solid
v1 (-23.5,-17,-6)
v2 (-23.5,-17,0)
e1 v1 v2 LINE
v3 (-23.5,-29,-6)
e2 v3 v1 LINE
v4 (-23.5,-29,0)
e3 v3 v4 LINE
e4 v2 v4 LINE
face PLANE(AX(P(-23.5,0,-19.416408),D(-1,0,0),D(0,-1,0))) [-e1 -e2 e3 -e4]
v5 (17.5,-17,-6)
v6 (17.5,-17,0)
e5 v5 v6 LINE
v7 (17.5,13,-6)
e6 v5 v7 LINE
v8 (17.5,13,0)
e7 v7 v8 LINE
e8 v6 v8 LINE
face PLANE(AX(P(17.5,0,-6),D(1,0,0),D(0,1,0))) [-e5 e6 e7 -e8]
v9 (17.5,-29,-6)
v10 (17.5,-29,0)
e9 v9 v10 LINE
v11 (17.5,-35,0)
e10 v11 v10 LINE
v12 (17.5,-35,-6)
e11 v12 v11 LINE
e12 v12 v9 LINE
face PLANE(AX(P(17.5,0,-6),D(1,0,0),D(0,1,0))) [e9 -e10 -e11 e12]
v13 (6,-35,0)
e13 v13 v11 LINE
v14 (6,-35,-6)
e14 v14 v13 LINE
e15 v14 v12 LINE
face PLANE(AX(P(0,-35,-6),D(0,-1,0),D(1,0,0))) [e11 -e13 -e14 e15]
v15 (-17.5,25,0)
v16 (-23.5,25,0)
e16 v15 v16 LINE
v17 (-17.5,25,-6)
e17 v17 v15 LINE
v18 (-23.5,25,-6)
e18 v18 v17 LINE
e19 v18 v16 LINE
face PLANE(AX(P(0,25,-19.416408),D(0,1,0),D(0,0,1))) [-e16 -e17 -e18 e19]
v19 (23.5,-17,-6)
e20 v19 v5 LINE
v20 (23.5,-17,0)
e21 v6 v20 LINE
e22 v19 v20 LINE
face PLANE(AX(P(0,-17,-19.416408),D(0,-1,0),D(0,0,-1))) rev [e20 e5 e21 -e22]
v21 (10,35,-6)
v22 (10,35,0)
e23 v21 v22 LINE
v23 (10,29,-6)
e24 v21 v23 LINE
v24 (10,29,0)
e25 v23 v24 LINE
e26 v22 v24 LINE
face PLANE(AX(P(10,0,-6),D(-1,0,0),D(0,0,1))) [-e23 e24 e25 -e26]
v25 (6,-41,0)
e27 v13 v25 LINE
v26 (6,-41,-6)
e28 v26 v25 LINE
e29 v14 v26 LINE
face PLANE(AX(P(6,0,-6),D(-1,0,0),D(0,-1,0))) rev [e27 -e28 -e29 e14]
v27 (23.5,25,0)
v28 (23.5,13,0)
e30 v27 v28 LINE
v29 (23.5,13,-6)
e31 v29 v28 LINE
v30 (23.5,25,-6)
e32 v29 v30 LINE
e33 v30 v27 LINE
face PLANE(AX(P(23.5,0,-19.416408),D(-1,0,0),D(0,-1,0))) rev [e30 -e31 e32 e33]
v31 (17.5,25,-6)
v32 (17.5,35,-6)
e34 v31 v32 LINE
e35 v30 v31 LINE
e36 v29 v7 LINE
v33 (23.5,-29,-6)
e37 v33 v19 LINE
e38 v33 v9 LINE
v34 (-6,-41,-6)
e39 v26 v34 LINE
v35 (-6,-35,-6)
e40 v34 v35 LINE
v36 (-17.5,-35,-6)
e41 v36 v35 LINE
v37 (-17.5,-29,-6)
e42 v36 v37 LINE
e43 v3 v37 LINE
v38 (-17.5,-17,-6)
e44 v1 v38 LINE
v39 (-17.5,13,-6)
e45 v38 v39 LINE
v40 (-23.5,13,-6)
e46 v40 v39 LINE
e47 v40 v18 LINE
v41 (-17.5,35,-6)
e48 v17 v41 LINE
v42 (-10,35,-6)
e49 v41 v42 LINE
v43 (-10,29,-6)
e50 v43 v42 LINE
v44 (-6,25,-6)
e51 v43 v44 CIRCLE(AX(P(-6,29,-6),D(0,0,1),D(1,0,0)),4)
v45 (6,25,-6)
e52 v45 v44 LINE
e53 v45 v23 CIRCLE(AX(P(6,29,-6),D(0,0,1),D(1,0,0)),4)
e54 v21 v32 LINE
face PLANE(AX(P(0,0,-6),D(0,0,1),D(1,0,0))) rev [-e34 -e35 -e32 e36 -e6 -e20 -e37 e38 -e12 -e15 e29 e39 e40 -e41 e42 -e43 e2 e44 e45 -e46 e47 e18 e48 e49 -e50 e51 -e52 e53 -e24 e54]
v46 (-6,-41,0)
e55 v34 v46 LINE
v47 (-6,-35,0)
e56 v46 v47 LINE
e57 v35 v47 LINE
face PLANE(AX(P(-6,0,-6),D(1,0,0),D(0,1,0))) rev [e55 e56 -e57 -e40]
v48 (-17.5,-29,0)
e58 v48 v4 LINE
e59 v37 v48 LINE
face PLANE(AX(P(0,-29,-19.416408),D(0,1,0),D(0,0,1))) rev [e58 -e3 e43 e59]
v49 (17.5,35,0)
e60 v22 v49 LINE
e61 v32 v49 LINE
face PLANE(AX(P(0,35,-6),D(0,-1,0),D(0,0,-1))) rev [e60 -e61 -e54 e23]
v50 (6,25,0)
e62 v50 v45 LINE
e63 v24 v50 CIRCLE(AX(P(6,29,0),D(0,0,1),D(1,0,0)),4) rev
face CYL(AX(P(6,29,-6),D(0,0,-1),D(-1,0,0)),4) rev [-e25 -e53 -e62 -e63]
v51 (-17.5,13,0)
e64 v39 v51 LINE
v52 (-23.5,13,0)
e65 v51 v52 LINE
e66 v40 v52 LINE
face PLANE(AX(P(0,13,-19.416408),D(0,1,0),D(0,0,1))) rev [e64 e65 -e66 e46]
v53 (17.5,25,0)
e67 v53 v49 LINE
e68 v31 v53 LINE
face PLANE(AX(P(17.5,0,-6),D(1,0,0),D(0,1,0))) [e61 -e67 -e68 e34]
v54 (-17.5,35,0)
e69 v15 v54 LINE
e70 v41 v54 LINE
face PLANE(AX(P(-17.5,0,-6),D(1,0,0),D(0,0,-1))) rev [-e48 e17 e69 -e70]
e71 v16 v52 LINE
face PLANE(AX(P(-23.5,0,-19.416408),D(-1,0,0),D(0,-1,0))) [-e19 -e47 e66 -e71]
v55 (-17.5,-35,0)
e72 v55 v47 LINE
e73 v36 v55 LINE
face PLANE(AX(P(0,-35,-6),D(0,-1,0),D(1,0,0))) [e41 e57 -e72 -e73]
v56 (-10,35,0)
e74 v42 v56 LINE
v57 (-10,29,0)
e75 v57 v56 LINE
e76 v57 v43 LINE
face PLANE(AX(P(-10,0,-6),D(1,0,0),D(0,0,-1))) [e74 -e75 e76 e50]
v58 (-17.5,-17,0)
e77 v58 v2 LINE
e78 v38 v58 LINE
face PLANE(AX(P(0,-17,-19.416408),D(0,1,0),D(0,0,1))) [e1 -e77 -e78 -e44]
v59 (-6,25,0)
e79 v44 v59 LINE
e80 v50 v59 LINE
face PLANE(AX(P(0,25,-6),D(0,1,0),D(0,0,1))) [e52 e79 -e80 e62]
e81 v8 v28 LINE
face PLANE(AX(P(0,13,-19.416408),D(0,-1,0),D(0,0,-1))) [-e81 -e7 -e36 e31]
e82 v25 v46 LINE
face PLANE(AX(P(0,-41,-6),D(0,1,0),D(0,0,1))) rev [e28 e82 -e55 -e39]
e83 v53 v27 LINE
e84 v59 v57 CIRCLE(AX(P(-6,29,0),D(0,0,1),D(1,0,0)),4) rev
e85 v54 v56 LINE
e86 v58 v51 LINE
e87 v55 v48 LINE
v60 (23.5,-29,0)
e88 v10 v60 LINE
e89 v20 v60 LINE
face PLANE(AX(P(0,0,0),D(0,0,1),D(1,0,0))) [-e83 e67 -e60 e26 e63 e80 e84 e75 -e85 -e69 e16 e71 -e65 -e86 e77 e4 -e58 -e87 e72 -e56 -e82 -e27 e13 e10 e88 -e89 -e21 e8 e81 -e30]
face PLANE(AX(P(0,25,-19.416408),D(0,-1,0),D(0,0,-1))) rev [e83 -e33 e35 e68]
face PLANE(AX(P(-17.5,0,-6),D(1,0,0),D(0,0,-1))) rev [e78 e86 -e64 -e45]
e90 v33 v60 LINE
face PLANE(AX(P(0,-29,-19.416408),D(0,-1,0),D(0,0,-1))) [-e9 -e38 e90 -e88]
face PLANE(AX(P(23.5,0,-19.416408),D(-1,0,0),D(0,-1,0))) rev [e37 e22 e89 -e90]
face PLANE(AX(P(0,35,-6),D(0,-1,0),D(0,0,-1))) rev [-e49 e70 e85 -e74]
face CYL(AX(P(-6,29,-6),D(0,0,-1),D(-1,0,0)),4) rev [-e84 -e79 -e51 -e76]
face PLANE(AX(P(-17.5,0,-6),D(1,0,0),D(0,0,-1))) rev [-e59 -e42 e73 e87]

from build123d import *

# Parameters (mm, degrees)
SKETCH1_W           = 6
SKETCH1_H           = 6
BOSS_EXTRUDE1_DEPTH = 6
SKETCH1_3_W         = 6
SKETCH1_3_H         = 12
BOSS_EXTRUDE2_DEPTH = 6
FILLET2_R           = 4


with BuildPart() as part:
    # Sketch1 → Boss-Extrude1 (new body)
    with BuildSketch(Plane.XY):
        Polygon((-17.5, 35), (-17.5, -35), (0, 0), align=None)
        Polygon((-10, 35), (-17.5, 35), (0, 0), (17.5, 35), (10, 35), (10, 25), (-10, 25), align=None)
        Polygon((0, 0), (17.5, -35), (17.5, -29), (17.5, -17), (17.5, 13), (17.5, 25), (17.5, 35), align=None)
        Polygon((-6, -35), (0, -35), (6, -35), (17.5, -35), (0, 0), (-17.5, -35), align=None)
        with Locations((3, -38)):
            Rectangle(SKETCH1_W, SKETCH1_H)
        with Locations((-3, -38)):
            Rectangle(SKETCH1_W, SKETCH1_H)
    extrude(amount=-BOSS_EXTRUDE1_DEPTH)

    # Sketch1<3> → Boss-Extrude2 (add)
    with BuildSketch(Plane.XY):
        with Locations((20.5, 19)):
            Rectangle(SKETCH1_3_W, SKETCH1_3_H)
        with Locations((20.5, -23)):
            Rectangle(SKETCH1_3_W, SKETCH1_3_H)
    boss_extrude2 = extrude(amount=-BOSS_EXTRUDE2_DEPTH)

    # Mirror1: Boss-Extrude2 across plane
    add(boss_extrude2.mirror(Plane(origin=(0, 0, 0), x_dir=(0, 0, 1), z_dir=(1, 0, 0))))

    # Fillet2
    fillet2_edges = [part.edges().sort_by_distance(p)[0] for p in [
        (-10, 25, -3),
        (10, 25, -3),
    ]]
    fillet(fillet2_edges, radius=FILLET2_R)


solid = part.part
